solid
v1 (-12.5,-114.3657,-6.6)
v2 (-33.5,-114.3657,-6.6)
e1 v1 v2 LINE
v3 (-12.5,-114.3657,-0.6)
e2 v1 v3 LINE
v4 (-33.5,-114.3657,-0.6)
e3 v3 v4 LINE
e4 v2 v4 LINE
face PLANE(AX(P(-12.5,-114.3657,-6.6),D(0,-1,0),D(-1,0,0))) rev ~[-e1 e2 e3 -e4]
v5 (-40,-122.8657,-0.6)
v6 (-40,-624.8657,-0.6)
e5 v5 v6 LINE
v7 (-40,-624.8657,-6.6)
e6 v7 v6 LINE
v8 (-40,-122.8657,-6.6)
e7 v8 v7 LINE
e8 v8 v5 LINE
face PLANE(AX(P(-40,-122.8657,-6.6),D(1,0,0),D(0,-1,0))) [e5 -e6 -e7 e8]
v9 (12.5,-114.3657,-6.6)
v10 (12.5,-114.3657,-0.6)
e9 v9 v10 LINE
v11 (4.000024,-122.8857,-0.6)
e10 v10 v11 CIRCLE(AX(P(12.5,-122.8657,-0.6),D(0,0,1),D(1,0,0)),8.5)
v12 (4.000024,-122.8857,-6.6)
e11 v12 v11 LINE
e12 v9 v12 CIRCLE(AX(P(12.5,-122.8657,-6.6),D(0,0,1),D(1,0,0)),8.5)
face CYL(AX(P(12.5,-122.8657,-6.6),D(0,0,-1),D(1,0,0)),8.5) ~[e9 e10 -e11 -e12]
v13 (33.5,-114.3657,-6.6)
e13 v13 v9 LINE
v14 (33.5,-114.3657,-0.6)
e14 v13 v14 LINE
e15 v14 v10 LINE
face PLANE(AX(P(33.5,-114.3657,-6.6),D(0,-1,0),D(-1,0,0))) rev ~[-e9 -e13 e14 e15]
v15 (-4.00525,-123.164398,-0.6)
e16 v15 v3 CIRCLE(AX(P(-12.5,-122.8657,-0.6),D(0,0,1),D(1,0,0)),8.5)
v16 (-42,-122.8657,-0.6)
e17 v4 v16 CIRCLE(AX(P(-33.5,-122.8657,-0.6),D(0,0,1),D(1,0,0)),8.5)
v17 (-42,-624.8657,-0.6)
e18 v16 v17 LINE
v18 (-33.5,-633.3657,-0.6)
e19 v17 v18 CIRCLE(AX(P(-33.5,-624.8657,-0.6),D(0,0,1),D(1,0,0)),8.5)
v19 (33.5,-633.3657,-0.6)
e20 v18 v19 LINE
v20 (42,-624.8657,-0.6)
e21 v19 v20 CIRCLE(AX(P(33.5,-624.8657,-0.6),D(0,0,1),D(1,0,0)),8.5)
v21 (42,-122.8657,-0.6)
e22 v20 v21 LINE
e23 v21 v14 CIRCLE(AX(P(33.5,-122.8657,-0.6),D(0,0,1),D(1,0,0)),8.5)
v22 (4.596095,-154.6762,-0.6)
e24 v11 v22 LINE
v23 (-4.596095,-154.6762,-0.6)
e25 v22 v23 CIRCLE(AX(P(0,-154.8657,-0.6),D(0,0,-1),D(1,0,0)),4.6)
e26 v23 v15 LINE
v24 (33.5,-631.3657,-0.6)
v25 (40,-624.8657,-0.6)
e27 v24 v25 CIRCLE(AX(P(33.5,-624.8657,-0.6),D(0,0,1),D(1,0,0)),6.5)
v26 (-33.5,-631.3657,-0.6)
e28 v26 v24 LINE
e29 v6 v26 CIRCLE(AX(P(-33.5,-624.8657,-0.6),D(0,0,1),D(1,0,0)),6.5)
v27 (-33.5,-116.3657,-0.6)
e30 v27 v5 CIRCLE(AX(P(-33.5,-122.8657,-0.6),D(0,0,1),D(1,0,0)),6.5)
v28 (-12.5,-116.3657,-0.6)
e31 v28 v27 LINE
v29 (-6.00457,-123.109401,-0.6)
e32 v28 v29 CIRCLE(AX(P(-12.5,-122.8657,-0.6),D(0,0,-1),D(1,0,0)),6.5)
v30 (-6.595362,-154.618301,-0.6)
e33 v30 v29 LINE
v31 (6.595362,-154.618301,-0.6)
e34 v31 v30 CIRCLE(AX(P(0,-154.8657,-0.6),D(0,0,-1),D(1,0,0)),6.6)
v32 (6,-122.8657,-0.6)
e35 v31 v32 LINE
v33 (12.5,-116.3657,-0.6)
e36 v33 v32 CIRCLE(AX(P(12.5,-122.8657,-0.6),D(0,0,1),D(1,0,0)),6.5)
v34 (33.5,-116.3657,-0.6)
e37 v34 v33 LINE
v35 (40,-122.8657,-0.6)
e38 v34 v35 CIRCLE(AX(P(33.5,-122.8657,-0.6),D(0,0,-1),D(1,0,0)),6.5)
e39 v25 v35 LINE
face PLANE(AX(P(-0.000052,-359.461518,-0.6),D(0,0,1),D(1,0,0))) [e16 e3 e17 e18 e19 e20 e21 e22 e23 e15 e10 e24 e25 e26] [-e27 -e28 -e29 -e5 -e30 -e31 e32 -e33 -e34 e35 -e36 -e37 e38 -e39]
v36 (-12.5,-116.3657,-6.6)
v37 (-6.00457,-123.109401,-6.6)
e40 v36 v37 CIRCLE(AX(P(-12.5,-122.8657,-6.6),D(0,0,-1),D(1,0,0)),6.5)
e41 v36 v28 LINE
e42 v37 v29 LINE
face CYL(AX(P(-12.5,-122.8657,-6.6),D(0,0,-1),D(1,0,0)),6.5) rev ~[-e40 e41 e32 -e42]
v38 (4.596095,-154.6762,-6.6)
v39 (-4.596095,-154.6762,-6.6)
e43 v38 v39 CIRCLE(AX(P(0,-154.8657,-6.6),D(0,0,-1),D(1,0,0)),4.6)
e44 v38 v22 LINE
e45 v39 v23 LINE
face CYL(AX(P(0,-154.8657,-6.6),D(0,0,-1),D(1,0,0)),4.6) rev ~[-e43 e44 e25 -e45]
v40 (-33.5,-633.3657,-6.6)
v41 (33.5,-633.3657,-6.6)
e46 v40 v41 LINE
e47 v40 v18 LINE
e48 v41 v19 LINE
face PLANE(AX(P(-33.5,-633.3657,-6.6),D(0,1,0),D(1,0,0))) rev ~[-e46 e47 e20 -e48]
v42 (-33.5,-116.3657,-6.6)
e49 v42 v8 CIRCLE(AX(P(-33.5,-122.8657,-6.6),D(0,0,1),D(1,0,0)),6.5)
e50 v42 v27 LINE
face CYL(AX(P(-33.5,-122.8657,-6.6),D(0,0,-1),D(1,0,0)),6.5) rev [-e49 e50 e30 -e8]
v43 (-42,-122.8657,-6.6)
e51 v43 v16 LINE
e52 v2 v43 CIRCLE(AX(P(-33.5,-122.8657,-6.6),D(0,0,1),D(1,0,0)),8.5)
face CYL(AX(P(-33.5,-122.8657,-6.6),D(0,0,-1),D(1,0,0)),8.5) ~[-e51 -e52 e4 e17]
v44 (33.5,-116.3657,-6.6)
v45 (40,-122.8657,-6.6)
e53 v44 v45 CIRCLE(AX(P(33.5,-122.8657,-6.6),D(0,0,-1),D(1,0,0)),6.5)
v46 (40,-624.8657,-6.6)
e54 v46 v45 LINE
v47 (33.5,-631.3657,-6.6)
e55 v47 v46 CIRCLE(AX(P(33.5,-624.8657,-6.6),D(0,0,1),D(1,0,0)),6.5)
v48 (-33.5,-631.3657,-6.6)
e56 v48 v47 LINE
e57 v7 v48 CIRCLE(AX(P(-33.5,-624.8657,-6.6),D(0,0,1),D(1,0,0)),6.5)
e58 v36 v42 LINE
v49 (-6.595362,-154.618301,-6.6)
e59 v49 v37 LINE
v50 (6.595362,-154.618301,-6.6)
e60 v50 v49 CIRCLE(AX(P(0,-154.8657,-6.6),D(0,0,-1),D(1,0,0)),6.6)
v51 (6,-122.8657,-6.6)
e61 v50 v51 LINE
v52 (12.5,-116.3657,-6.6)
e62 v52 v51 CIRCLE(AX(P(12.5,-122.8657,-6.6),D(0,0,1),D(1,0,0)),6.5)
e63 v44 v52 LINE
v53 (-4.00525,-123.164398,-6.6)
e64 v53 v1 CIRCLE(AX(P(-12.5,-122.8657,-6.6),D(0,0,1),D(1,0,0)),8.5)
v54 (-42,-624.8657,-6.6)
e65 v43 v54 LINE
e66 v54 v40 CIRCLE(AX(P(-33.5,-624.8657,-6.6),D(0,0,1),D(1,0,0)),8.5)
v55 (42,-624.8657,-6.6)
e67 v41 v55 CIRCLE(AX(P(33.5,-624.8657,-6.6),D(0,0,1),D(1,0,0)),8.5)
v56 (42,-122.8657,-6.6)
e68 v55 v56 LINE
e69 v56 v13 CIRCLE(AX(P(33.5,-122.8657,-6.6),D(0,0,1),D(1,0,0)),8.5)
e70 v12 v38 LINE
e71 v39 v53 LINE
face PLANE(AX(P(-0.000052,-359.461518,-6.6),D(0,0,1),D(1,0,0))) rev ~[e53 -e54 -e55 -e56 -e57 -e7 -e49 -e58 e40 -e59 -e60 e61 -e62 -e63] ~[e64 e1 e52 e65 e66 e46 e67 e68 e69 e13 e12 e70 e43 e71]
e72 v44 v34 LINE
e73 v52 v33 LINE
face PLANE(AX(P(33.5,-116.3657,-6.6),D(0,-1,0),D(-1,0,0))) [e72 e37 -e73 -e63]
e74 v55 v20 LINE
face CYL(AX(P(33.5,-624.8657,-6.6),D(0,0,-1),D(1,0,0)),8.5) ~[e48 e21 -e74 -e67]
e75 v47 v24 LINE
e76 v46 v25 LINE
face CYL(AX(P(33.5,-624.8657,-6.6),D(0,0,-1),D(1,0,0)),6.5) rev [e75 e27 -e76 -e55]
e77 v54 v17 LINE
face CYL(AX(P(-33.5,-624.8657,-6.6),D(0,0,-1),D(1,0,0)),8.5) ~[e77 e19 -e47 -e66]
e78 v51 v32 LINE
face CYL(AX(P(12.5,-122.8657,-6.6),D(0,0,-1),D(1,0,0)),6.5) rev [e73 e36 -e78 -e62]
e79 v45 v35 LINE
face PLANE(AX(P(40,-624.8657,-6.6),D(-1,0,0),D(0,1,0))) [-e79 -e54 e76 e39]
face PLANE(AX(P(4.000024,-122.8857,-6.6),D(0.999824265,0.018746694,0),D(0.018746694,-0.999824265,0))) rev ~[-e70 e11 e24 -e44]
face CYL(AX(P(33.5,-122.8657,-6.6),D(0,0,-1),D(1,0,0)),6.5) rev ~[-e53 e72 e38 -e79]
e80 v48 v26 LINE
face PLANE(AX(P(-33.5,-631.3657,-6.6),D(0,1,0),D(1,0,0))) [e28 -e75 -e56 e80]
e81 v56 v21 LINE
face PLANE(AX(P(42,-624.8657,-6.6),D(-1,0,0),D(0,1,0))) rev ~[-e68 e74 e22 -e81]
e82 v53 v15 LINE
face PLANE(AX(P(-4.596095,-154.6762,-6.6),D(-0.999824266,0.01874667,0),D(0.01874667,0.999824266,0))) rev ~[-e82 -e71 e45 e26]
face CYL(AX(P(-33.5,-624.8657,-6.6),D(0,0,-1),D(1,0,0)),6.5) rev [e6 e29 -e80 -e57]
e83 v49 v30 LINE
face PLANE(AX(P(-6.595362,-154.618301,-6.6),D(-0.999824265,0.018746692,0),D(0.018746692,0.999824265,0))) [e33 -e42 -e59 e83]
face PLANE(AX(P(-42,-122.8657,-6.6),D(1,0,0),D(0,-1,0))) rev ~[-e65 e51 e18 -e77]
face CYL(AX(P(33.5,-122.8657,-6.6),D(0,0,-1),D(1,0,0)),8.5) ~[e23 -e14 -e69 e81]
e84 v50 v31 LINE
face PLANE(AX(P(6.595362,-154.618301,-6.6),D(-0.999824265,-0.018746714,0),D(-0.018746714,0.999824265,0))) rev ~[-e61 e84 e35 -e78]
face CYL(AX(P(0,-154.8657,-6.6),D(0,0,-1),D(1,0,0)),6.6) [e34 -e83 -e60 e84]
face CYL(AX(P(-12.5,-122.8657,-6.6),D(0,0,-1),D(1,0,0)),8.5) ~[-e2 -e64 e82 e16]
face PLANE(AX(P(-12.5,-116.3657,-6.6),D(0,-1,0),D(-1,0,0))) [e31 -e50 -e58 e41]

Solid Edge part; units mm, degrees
sketch "Sketch1" plane through (0, 0, -6.6) normal (0, 0, 1) x (1, 0, 0)
  line L0 (-40, -122.8657) -> (-40, -624.8657)
  line L1 (-33.5, -631.3657) -> (33.5, -631.3657)
  line L2 (40, -624.8657) -> (40, -122.8657)
  line L3 (33.5, -116.3657) -> (12.5, -116.3657)
  line L4 (6.5954, -154.6183) -> (6, -122.8657)
  line L5 (-6.5954, -154.6183) -> (-6.0046, -123.1094)
  line L6 (-12.5, -116.3657) -> (-33.5, -116.3657)
  arc A0 (-40, -624.8657) -> (-33.5, -631.3657) centre (-33.5, -624.8657) ccw
  arc A1 (33.5, -631.3657) -> (40, -624.8657) centre (33.5, -624.8657) ccw
  arc A2 (33.5, -116.3657) -> (40, -122.8657) centre (33.5, -122.8657) cw
  arc A3 (12.5, -116.3657) -> (6, -122.8657) centre (12.5, -122.8657) ccw
  arc A4 (6.5954, -154.6183) -> (-6.5954, -154.6183) centre (0, -154.8657) cw
  arc A5 (-12.5, -116.3657) -> (-6.0046, -123.1094) centre (-12.5, -122.8657) cw
  arc A6 (-33.5, -116.3657) -> (-40, -122.8657) centre (-33.5, -122.8657) ccw
  line L7 (-42, -122.8657) -> (-42, -624.8657)
  arc A7 (-42, -624.8657) -> (-33.5, -633.3657) centre (-33.5, -624.8657) ccw
  line L8 (-33.5, -633.3657) -> (33.5, -633.3657)
  arc A8 (33.5, -633.3657) -> (42, -624.8657) centre (33.5, -624.8657) ccw
  line L9 (42, -624.8657) -> (42, -122.8657)
  arc A9 (42, -122.8657) -> (33.5, -114.3657) centre (33.5, -122.8657) ccw
  line L10 (33.5, -114.3657) -> (12.5, -114.3657)
  arc A10 (12.5, -114.3657) -> (4, -122.8857) centre (12.5, -122.8657) ccw
  line L11 (4, -122.8857) -> (4.5961, -154.6762)
  arc A11 (4.5961, -154.6762) -> (-4.5961, -154.6762) centre (0, -154.8657) cw
  line L12 (-4.5961, -154.6762) -> (-4.0052, -123.1644)
  arc A12 (-4.0052, -123.1644) -> (-12.5, -114.3657) centre (-12.5, -122.8657) ccw
  line L13 (-12.5, -114.3657) -> (-33.5, -114.3657)
  arc A13 (-33.5, -114.3657) -> (-42, -122.8657) centre (-33.5, -122.8657) ccw
extrude "Protrusion1" add sketch "Sketch1" along normal blind 6
